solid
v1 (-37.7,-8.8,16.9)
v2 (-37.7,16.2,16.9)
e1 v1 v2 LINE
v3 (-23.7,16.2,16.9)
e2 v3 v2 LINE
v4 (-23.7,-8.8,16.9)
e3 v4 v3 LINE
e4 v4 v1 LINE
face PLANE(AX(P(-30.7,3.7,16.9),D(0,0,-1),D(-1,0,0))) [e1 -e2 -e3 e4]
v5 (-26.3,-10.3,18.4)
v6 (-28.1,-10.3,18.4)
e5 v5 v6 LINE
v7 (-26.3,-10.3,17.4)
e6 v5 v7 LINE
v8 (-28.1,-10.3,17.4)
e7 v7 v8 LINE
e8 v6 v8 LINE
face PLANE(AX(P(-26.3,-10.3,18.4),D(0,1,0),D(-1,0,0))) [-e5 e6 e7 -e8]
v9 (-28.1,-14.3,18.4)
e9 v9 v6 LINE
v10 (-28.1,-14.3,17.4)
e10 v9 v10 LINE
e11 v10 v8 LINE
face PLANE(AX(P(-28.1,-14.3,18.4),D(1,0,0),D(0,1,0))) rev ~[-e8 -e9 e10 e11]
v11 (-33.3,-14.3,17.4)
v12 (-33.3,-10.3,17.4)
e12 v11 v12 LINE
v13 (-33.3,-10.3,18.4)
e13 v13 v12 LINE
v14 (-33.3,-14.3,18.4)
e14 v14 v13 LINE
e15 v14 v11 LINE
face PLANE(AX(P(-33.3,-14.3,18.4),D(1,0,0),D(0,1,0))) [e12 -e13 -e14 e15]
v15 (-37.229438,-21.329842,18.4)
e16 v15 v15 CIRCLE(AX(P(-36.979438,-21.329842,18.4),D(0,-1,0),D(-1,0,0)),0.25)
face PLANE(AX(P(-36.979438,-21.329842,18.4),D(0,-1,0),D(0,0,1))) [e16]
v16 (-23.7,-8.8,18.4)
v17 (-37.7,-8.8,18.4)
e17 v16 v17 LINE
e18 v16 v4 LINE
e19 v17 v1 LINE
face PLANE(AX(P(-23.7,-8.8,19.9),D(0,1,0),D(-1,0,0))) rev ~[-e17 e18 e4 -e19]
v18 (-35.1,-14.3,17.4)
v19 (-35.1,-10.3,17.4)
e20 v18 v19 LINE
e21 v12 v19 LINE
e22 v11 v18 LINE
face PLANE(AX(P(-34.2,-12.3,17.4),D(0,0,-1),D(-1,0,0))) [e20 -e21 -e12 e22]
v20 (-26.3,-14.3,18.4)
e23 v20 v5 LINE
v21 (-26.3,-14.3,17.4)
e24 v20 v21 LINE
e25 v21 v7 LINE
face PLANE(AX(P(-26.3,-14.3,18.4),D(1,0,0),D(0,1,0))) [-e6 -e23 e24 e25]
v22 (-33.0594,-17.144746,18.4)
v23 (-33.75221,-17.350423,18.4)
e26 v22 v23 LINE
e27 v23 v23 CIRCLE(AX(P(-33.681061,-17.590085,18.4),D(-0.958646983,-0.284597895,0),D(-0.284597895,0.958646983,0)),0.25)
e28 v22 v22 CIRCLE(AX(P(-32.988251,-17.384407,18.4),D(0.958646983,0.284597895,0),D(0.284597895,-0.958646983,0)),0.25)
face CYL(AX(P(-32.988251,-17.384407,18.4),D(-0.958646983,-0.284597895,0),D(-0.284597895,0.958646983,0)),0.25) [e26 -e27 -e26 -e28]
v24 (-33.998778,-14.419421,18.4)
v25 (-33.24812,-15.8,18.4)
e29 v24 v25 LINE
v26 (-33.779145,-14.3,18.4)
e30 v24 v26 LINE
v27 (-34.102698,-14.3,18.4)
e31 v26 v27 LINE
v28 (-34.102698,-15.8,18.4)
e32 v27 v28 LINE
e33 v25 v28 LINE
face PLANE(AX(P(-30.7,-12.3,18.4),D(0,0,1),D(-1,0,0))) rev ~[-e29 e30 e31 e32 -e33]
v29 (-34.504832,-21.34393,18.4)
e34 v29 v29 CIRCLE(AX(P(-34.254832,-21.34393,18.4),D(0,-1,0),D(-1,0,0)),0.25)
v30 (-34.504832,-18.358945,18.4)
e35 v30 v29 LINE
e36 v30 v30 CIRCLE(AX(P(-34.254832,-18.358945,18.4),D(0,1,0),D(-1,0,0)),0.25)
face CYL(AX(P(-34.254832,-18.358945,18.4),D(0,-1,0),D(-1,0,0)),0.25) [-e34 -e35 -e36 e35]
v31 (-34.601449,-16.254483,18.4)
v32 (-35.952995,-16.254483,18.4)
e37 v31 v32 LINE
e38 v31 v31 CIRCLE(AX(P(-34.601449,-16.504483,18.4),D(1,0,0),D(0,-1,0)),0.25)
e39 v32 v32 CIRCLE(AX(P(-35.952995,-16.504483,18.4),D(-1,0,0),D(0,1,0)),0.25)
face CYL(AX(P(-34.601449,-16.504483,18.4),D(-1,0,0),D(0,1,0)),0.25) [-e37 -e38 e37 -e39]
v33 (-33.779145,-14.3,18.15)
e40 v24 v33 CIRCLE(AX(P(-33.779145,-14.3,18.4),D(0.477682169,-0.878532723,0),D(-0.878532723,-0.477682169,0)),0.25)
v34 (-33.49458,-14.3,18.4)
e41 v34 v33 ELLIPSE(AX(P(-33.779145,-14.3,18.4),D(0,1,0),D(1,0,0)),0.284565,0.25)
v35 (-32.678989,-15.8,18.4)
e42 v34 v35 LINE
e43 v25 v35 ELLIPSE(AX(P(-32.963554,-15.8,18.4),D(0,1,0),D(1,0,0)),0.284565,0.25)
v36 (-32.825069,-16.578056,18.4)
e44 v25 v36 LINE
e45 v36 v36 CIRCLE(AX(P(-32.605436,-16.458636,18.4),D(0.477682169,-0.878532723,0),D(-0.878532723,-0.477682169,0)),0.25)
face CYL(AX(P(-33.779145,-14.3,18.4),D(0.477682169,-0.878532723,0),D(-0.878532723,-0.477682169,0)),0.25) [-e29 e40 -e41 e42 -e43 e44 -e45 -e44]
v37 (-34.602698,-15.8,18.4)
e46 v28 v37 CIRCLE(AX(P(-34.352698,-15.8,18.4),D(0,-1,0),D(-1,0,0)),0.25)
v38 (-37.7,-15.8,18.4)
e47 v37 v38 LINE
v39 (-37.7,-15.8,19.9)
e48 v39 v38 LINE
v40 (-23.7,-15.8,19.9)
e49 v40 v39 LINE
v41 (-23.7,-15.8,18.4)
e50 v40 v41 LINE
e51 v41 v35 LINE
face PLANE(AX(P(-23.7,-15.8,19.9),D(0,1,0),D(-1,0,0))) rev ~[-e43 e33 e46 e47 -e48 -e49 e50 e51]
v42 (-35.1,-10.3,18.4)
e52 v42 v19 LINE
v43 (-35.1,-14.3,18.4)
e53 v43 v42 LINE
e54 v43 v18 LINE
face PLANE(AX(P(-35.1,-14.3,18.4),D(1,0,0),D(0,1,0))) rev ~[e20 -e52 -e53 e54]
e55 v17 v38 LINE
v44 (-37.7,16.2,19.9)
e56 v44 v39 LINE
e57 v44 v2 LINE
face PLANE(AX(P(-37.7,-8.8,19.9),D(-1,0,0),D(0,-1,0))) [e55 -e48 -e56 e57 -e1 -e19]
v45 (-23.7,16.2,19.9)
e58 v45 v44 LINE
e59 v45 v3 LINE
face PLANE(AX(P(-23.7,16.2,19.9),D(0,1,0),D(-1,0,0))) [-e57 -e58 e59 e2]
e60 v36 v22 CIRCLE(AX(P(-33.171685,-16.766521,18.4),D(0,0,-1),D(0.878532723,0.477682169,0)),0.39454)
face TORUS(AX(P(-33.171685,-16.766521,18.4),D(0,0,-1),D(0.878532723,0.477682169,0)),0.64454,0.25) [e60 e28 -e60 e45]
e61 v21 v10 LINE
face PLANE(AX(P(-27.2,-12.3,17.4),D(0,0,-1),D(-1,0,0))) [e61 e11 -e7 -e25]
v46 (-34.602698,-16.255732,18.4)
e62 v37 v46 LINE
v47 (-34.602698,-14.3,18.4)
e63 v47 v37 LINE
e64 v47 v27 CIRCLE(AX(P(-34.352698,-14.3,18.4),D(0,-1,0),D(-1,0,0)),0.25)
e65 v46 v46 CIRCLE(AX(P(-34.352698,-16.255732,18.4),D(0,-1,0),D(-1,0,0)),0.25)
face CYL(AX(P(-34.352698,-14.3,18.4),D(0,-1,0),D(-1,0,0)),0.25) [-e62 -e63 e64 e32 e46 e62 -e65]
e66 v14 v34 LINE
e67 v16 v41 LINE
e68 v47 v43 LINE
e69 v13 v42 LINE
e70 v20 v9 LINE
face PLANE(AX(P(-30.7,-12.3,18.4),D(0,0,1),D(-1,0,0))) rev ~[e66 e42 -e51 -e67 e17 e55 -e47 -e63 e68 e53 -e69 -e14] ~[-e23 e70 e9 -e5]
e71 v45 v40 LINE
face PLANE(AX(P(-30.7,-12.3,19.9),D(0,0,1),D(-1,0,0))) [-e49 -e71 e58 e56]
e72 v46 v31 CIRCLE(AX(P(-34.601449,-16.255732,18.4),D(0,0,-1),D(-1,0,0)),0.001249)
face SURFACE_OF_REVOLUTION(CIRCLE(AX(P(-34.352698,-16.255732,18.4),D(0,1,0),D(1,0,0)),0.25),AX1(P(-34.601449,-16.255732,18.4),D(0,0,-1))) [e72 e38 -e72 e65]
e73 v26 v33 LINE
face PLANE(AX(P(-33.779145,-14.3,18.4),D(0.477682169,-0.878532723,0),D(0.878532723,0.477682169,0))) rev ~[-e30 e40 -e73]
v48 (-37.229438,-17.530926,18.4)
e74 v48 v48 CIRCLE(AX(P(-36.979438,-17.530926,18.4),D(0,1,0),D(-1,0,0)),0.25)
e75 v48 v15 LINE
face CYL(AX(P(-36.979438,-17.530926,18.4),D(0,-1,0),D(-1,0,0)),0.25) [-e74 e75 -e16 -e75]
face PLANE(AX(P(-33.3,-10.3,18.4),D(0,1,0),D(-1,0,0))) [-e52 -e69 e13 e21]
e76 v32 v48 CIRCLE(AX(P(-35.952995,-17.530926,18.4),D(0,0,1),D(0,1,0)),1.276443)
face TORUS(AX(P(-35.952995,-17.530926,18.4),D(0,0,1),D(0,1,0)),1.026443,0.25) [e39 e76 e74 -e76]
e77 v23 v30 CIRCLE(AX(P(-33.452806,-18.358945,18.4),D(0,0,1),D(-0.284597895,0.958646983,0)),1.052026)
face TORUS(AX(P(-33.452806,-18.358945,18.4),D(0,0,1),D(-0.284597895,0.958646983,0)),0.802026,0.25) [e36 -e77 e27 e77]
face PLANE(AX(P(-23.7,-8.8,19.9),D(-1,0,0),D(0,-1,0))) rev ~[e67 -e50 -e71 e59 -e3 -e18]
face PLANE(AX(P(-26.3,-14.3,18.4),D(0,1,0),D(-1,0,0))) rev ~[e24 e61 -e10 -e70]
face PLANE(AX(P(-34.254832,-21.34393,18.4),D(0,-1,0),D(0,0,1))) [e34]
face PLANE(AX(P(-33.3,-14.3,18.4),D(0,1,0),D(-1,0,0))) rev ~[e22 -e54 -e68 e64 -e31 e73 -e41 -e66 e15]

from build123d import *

# Parameters (mm, degrees)
SKETCH021_W             = 14
SKETCH021_H             = 25
PAD015_DEPTH            = 3
SKETCH022_W             = 14
SKETCH022_H             = 7
PAD016_DEPTH            = 1.5
SKETCH023_W             = 1.8
SKETCH023_H             = 4
PAD017_DEPTH            = 1
SKETCH025_R             = 0.25
SKETCH027_R             = 0.25
BODY006_PLACEMENT_ANGLE = 180


with BuildPart() as part:
    # Sketch021 → Pad015 (new body)
    with BuildSketch(Plane.XY):
        Rectangle(SKETCH021_W, SKETCH021_H)
    extrude(amount=PAD015_DEPTH)

    # Sketch022 (on Face5 of Pad015) → Pad016 (join)
    with BuildSketch(Plane(origin=(0, 0, 0), x_dir=(1, 0, 0), z_dir=(0, 0, -1))):
        with Locations((0, 16)):
            Rectangle(SKETCH022_W, SKETCH022_H)
    extrude(amount=-PAD016_DEPTH)

    # Sketch023 (on Face11 of Pad016) → Pad017 (join)
    with BuildSketch(Plane.XY.offset(1.5)):
        with Locations((-3.5, -16)):
            Rectangle(SKETCH023_W, SKETCH023_H)
        with Locations((3.5, -16)):
            Rectangle(SKETCH023_W, SKETCH023_H)
    extrude(amount=PAD017_DEPTH)

    # AdditivePipe002: sweep along a path in Sketch024
    with BuildLine(Plane.XY.offset(1.5)) as additivepipe002_path:
        Line((3.652698, -18), (3.652698, -19.955732))
        ThreePointArc((3.652698, -19.955732), (3.7255554811, -20.1316255189), (3.901449, -20.204483))
        Line((3.901449, -20.204483), (5.252995, -20.204483))
        ThreePointArc((5.252995, -20.204483), (5.9787998058, -20.5051211942), (6.279438, -21.230926))
        Line((6.279438, -21.230926), (6.279438, -25.029842))
    # Sketch025 (on DatumPlane) → AdditivePipe002 (sweep)
    with BuildSketch(Plane(origin=(6.279438, -25.029842, 1.5), x_dir=(1, 0, 0), z_dir=(0, -1, 0))):
        Circle(SKETCH025_R)
    sweep(path=additivepipe002_path.line)

    # AdditivePipe003: sweep along a path in Sketch026
    with BuildLine(Plane.XY.offset(1.5)) as additivepipe003_path:
        Line((3.079145, -18), (1.9054359958, -20.158635665))
        ThreePointArc((1.9054359958, -20.158635665), (1.8760598704, -20.7128173949), (2.2882507497, -21.0844072569))
        Line((2.2882507497, -21.0844072569), (2.9810609114, -21.2900849643))
        ThreePointArc((2.9810609114, -21.2900849643), (3.3955781518, -21.5792681435), (3.554832, -22.0589447695))
        Line((3.554832, -22.0589447695), (3.554832, -25.04393))
    # Sketch027 (on DatumPlane) → AdditivePipe003 (sweep)
    with BuildSketch(Plane(origin=(3.554832, -25.04393, 1.5), x_dir=(1, 0, 0), z_dir=(0, -1, 0))):
        Circle(SKETCH027_R)
    sweep(path=additivepipe003_path.line)


with BuildPart() as part_1:
    # Body006 placement: moved
    add(part.part.moved(Location((-30.7, 3.7, 19.9))).rotate(Axis((-30.7, 3.7, 19.9), (0, 1, 0)), BODY006_PLACEMENT_ANGLE))


solid = part_1.part
